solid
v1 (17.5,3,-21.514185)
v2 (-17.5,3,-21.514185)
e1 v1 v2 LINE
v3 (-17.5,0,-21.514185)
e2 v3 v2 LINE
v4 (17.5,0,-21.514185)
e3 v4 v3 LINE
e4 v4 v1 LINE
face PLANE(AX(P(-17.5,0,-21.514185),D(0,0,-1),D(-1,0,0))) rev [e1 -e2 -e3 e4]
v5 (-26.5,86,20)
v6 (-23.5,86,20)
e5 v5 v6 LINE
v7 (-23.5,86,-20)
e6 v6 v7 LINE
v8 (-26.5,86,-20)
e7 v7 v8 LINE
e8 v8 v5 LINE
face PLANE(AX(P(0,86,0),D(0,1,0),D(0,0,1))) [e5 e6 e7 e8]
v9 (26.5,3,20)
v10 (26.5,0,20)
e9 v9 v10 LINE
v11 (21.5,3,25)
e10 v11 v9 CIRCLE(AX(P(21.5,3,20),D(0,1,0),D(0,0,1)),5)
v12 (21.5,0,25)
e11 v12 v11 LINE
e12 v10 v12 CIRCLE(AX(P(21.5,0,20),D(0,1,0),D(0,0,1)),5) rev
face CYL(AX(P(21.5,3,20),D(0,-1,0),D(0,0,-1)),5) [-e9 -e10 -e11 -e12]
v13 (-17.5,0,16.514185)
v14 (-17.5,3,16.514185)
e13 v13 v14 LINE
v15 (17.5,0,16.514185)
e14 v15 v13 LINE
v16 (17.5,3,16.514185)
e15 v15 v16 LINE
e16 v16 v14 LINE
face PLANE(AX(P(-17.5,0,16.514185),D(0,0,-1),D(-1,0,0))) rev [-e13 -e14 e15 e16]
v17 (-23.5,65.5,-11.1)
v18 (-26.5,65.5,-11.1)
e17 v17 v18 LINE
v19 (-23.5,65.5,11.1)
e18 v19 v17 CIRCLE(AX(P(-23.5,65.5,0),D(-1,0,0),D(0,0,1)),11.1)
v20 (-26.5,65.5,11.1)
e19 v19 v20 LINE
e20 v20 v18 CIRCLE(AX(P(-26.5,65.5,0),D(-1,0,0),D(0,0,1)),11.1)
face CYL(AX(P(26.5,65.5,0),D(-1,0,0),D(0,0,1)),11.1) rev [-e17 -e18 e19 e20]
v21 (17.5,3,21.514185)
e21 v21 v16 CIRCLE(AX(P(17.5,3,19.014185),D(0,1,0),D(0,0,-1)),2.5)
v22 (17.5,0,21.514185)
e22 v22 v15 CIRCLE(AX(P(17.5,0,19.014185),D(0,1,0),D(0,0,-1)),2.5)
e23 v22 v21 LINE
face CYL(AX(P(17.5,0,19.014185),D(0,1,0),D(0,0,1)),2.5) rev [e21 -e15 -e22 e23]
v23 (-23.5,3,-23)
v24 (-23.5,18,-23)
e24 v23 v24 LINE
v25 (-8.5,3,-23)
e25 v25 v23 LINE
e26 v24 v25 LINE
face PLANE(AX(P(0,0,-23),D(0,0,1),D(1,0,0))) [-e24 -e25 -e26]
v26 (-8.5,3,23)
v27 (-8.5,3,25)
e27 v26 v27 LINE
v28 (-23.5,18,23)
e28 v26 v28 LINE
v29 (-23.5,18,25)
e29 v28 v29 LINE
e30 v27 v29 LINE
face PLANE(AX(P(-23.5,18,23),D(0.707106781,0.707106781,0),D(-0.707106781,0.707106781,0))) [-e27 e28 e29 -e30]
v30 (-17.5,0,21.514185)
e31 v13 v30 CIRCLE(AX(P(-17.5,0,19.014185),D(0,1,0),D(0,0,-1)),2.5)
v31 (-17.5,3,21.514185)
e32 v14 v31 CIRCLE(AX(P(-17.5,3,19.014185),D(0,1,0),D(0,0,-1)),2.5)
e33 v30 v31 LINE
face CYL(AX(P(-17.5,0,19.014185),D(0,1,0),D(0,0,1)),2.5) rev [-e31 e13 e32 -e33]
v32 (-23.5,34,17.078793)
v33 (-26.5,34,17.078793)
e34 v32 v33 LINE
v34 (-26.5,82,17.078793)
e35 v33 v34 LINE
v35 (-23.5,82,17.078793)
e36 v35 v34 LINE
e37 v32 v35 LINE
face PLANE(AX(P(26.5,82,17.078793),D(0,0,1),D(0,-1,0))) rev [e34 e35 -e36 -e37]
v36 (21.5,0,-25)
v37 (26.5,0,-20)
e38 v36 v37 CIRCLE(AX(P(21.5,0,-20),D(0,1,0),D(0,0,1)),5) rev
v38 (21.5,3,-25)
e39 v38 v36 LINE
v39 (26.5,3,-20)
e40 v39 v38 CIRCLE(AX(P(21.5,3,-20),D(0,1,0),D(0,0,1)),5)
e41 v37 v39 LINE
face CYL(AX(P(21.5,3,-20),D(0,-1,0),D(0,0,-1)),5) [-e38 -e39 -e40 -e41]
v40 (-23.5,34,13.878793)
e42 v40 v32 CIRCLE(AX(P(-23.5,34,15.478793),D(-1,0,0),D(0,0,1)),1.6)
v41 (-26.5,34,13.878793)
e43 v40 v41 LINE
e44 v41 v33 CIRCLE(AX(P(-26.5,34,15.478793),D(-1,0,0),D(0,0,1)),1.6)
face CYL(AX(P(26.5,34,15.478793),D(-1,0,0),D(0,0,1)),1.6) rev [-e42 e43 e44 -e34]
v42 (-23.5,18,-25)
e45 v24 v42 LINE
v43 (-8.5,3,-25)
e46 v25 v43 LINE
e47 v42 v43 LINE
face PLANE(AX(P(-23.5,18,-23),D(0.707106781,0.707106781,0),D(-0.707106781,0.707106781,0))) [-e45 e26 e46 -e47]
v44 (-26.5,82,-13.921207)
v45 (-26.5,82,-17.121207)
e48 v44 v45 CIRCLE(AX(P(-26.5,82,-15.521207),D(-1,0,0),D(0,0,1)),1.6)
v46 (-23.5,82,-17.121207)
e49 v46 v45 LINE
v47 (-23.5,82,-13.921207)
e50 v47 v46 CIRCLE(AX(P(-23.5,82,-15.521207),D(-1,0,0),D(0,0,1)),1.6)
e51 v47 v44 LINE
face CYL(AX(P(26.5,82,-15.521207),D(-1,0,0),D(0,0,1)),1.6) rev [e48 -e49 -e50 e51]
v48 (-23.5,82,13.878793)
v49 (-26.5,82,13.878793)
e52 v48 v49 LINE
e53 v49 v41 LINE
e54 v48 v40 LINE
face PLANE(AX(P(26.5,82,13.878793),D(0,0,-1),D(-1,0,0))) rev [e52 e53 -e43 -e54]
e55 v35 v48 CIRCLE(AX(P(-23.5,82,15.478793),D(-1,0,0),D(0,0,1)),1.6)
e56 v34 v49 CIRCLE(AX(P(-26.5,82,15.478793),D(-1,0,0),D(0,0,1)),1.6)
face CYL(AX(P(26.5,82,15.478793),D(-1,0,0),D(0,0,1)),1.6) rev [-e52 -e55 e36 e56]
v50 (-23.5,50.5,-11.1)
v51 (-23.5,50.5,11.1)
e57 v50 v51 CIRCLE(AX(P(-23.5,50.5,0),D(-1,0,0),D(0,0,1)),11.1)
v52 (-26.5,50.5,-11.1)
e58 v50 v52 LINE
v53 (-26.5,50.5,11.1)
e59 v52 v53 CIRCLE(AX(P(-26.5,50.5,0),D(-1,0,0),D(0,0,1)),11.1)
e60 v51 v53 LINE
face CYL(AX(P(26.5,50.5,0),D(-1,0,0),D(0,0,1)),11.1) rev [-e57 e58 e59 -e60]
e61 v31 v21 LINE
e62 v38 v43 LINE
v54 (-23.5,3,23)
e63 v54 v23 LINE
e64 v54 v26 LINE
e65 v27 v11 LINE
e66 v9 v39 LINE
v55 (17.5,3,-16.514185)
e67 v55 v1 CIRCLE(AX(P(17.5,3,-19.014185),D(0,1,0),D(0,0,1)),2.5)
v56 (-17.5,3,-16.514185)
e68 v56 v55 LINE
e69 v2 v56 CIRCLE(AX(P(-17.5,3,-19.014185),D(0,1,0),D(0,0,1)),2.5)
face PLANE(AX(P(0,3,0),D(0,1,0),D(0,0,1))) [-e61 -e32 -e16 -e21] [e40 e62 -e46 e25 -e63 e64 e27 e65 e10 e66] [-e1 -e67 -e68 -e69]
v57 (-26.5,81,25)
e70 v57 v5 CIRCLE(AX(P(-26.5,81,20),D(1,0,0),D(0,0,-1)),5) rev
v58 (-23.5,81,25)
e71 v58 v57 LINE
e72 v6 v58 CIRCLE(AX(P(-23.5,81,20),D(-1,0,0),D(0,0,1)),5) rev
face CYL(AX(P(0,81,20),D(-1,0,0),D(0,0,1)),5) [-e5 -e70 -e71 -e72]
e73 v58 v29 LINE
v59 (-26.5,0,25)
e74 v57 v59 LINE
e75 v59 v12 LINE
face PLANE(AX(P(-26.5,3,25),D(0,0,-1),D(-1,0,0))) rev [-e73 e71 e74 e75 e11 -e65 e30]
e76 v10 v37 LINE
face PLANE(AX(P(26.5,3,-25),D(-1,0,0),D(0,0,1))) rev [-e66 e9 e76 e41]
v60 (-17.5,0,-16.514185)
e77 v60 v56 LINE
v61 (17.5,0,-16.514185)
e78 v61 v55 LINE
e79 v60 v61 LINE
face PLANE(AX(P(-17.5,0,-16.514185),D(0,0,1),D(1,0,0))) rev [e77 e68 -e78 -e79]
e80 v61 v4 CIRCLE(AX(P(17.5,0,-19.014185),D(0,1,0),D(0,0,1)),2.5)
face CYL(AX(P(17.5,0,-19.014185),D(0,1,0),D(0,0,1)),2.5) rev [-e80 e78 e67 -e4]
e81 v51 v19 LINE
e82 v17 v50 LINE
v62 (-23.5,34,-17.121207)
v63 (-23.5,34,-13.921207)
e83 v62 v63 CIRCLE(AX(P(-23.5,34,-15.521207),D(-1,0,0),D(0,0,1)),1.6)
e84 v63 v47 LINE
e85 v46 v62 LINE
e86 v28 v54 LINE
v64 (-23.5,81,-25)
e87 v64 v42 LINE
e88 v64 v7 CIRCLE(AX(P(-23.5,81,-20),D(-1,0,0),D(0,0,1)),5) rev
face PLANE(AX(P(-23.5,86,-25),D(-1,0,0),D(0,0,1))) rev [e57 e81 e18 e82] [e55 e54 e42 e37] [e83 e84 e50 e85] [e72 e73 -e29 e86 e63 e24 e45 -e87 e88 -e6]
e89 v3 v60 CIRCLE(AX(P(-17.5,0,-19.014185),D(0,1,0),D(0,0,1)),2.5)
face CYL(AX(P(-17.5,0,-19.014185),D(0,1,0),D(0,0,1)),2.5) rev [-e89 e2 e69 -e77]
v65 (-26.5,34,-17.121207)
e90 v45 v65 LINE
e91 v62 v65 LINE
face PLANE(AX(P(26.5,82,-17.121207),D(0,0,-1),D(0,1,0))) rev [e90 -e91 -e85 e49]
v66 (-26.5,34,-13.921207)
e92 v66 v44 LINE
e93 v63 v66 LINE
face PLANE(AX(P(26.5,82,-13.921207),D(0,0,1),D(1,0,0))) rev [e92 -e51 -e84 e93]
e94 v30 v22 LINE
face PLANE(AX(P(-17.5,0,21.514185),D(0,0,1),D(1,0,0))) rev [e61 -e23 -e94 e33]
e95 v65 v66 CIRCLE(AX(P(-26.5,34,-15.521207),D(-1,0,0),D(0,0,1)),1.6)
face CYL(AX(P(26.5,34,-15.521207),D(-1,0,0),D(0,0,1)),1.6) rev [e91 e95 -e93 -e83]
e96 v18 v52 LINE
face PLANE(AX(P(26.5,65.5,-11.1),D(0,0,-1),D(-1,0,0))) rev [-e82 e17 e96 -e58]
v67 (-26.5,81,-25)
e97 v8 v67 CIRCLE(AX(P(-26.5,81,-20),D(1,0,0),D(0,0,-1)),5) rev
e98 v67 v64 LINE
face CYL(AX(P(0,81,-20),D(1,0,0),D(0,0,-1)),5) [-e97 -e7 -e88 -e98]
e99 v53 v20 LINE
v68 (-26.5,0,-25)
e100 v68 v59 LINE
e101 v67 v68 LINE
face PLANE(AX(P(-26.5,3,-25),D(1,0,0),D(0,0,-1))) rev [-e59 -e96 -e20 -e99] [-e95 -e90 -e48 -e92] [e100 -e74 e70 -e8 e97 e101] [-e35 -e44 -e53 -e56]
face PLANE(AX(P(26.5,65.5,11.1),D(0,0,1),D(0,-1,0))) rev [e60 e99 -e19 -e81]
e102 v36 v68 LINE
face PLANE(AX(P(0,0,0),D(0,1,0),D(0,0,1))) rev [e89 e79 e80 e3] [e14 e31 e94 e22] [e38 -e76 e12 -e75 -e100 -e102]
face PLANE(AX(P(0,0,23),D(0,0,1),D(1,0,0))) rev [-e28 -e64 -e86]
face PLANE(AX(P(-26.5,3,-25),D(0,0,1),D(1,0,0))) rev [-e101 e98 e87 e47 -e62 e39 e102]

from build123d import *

# Parameters (mm, degrees)
SKETCH_1_W          = 53
SKETCH_1_H          = 50
EXTRUDE_1_DEPTH     = 3
CUT_EXTRUDE_1_DEPTH = 4
SKETCH_3_W          = 3
SKETCH_3_H          = 50
EXTRUDE_2_DEPTH     = 83
CUT_EXTRUDE_2_DEPTH = 54
EXTRUDE_3_DEPTH     = 2
EXTRUDE_4_DEPTH     = 2
FILLET_1_R          = 5


with BuildPart() as part:
    # 草图1 → 凸台-拉伸1 (new body)
    with BuildSketch(Plane(origin=(0, 0, 0), x_dir=(1, 0, 0), z_dir=(0, 1, 0))):
        Rectangle(SKETCH_1_W, SKETCH_1_H)
    extrude(amount=EXTRUDE_1_DEPTH)

    # 草图2 → 切除-拉伸1 (cut, through all)
    with BuildSketch(Plane(origin=(0, 3, 0), x_dir=(1, 0, 0), z_dir=(0, 1, 0))):
        with BuildLine():
            Line((-17.5, 21.514185104), (17.5, 21.514185104))
            ThreePointArc((17.5, 21.514185104), (20, 19.014185104), (17.5, 16.514185104))
            Line((17.5, 16.514185104), (-17.5, 16.514185104))
            ThreePointArc((-17.5, 16.514185104), (-20, 19.014185104), (-17.5, 21.514185104))
        make_face()
        with BuildLine():
            Line((-17.5, -21.514185104), (17.5, -21.514185104))
            ThreePointArc((17.5, -21.514185104), (20, -19.014185104), (17.5, -16.514185104))
            Line((17.5, -16.514185104), (-17.5, -16.514185104))
            ThreePointArc((-17.5, -16.514185104), (-20, -19.014185104), (-17.5, -21.514185104))
        make_face()
    extrude(amount=-CUT_EXTRUDE_1_DEPTH, mode=Mode.SUBTRACT)

    # 草图3 → 凸台-拉伸2 (add)
    with BuildSketch(Plane(origin=(0, 3, 0), x_dir=(1, 0, 0), z_dir=(0, 1, 0))):
        with Locations((-25, 0)):
            Rectangle(SKETCH_3_W, SKETCH_3_H)
    extrude(amount=EXTRUDE_2_DEPTH)

    # 草图4 → 切除-拉伸2 (cut, through all)
    with BuildSketch(Plane.ZY.offset(26.5)):
        with BuildLine():
            Line((-13.921207139, 82), (-13.921207139, 34))
            ThreePointArc((-13.921207139, 34), (-15.521207139, 32.4), (-17.121207139, 34))
            Line((-17.121207139, 34), (-17.121207139, 82))
            ThreePointArc((-17.121207139, 82), (-15.521207139, 83.6), (-13.921207139, 82))
        make_face()
        with BuildLine():
            Line((11.1, 65.5), (11.1, 50.5))
            ThreePointArc((11.1, 50.5), (0, 39.4), (-11.1, 50.5))
            Line((-11.1, 50.5), (-11.1, 65.5))
            ThreePointArc((-11.1, 65.5), (0, 76.6), (11.1, 65.5))
        make_face()
        with BuildLine():
            Line((17.078792861, 82), (17.078792861, 34))
            ThreePointArc((17.078792861, 34), (15.478792861, 32.4), (13.878792861, 34))
            Line((13.878792861, 34), (13.878792861, 82))
            ThreePointArc((13.878792861, 82), (15.478792861, 83.6), (17.078792861, 82))
        make_face()
    extrude(amount=-CUT_EXTRUDE_2_DEPTH, mode=Mode.SUBTRACT)

    # 草图5 → 凸台-拉伸3 (add)
    with BuildSketch(Plane.XY.offset(25)):
        Polygon((-23.5, 18), (-8.5, 3), (-23.5, 3), align=None)
    extrude(amount=-EXTRUDE_3_DEPTH)

    # 草图7 → 凸台-拉伸4 (add)
    with BuildSketch(Plane(origin=(0, 0, -25), x_dir=(-1, 0, 0), z_dir=(0, 0, -1))):
        Polygon((23.5, 18), (8.5, 3), (23.5, 3), align=None)
    extrude(amount=-EXTRUDE_4_DEPTH)

    # 圆角1
    fillet_1_edges = [part.edges().sort_by_distance(p)[0] for p in [
        (-25, 86, 25),
        (-25, 86, -25),
        (26.5, 1.5, 25),
        (26.5, 1.5, -25),
    ]]
    fillet(fillet_1_edges, radius=FILLET_1_R)


solid = part.part
